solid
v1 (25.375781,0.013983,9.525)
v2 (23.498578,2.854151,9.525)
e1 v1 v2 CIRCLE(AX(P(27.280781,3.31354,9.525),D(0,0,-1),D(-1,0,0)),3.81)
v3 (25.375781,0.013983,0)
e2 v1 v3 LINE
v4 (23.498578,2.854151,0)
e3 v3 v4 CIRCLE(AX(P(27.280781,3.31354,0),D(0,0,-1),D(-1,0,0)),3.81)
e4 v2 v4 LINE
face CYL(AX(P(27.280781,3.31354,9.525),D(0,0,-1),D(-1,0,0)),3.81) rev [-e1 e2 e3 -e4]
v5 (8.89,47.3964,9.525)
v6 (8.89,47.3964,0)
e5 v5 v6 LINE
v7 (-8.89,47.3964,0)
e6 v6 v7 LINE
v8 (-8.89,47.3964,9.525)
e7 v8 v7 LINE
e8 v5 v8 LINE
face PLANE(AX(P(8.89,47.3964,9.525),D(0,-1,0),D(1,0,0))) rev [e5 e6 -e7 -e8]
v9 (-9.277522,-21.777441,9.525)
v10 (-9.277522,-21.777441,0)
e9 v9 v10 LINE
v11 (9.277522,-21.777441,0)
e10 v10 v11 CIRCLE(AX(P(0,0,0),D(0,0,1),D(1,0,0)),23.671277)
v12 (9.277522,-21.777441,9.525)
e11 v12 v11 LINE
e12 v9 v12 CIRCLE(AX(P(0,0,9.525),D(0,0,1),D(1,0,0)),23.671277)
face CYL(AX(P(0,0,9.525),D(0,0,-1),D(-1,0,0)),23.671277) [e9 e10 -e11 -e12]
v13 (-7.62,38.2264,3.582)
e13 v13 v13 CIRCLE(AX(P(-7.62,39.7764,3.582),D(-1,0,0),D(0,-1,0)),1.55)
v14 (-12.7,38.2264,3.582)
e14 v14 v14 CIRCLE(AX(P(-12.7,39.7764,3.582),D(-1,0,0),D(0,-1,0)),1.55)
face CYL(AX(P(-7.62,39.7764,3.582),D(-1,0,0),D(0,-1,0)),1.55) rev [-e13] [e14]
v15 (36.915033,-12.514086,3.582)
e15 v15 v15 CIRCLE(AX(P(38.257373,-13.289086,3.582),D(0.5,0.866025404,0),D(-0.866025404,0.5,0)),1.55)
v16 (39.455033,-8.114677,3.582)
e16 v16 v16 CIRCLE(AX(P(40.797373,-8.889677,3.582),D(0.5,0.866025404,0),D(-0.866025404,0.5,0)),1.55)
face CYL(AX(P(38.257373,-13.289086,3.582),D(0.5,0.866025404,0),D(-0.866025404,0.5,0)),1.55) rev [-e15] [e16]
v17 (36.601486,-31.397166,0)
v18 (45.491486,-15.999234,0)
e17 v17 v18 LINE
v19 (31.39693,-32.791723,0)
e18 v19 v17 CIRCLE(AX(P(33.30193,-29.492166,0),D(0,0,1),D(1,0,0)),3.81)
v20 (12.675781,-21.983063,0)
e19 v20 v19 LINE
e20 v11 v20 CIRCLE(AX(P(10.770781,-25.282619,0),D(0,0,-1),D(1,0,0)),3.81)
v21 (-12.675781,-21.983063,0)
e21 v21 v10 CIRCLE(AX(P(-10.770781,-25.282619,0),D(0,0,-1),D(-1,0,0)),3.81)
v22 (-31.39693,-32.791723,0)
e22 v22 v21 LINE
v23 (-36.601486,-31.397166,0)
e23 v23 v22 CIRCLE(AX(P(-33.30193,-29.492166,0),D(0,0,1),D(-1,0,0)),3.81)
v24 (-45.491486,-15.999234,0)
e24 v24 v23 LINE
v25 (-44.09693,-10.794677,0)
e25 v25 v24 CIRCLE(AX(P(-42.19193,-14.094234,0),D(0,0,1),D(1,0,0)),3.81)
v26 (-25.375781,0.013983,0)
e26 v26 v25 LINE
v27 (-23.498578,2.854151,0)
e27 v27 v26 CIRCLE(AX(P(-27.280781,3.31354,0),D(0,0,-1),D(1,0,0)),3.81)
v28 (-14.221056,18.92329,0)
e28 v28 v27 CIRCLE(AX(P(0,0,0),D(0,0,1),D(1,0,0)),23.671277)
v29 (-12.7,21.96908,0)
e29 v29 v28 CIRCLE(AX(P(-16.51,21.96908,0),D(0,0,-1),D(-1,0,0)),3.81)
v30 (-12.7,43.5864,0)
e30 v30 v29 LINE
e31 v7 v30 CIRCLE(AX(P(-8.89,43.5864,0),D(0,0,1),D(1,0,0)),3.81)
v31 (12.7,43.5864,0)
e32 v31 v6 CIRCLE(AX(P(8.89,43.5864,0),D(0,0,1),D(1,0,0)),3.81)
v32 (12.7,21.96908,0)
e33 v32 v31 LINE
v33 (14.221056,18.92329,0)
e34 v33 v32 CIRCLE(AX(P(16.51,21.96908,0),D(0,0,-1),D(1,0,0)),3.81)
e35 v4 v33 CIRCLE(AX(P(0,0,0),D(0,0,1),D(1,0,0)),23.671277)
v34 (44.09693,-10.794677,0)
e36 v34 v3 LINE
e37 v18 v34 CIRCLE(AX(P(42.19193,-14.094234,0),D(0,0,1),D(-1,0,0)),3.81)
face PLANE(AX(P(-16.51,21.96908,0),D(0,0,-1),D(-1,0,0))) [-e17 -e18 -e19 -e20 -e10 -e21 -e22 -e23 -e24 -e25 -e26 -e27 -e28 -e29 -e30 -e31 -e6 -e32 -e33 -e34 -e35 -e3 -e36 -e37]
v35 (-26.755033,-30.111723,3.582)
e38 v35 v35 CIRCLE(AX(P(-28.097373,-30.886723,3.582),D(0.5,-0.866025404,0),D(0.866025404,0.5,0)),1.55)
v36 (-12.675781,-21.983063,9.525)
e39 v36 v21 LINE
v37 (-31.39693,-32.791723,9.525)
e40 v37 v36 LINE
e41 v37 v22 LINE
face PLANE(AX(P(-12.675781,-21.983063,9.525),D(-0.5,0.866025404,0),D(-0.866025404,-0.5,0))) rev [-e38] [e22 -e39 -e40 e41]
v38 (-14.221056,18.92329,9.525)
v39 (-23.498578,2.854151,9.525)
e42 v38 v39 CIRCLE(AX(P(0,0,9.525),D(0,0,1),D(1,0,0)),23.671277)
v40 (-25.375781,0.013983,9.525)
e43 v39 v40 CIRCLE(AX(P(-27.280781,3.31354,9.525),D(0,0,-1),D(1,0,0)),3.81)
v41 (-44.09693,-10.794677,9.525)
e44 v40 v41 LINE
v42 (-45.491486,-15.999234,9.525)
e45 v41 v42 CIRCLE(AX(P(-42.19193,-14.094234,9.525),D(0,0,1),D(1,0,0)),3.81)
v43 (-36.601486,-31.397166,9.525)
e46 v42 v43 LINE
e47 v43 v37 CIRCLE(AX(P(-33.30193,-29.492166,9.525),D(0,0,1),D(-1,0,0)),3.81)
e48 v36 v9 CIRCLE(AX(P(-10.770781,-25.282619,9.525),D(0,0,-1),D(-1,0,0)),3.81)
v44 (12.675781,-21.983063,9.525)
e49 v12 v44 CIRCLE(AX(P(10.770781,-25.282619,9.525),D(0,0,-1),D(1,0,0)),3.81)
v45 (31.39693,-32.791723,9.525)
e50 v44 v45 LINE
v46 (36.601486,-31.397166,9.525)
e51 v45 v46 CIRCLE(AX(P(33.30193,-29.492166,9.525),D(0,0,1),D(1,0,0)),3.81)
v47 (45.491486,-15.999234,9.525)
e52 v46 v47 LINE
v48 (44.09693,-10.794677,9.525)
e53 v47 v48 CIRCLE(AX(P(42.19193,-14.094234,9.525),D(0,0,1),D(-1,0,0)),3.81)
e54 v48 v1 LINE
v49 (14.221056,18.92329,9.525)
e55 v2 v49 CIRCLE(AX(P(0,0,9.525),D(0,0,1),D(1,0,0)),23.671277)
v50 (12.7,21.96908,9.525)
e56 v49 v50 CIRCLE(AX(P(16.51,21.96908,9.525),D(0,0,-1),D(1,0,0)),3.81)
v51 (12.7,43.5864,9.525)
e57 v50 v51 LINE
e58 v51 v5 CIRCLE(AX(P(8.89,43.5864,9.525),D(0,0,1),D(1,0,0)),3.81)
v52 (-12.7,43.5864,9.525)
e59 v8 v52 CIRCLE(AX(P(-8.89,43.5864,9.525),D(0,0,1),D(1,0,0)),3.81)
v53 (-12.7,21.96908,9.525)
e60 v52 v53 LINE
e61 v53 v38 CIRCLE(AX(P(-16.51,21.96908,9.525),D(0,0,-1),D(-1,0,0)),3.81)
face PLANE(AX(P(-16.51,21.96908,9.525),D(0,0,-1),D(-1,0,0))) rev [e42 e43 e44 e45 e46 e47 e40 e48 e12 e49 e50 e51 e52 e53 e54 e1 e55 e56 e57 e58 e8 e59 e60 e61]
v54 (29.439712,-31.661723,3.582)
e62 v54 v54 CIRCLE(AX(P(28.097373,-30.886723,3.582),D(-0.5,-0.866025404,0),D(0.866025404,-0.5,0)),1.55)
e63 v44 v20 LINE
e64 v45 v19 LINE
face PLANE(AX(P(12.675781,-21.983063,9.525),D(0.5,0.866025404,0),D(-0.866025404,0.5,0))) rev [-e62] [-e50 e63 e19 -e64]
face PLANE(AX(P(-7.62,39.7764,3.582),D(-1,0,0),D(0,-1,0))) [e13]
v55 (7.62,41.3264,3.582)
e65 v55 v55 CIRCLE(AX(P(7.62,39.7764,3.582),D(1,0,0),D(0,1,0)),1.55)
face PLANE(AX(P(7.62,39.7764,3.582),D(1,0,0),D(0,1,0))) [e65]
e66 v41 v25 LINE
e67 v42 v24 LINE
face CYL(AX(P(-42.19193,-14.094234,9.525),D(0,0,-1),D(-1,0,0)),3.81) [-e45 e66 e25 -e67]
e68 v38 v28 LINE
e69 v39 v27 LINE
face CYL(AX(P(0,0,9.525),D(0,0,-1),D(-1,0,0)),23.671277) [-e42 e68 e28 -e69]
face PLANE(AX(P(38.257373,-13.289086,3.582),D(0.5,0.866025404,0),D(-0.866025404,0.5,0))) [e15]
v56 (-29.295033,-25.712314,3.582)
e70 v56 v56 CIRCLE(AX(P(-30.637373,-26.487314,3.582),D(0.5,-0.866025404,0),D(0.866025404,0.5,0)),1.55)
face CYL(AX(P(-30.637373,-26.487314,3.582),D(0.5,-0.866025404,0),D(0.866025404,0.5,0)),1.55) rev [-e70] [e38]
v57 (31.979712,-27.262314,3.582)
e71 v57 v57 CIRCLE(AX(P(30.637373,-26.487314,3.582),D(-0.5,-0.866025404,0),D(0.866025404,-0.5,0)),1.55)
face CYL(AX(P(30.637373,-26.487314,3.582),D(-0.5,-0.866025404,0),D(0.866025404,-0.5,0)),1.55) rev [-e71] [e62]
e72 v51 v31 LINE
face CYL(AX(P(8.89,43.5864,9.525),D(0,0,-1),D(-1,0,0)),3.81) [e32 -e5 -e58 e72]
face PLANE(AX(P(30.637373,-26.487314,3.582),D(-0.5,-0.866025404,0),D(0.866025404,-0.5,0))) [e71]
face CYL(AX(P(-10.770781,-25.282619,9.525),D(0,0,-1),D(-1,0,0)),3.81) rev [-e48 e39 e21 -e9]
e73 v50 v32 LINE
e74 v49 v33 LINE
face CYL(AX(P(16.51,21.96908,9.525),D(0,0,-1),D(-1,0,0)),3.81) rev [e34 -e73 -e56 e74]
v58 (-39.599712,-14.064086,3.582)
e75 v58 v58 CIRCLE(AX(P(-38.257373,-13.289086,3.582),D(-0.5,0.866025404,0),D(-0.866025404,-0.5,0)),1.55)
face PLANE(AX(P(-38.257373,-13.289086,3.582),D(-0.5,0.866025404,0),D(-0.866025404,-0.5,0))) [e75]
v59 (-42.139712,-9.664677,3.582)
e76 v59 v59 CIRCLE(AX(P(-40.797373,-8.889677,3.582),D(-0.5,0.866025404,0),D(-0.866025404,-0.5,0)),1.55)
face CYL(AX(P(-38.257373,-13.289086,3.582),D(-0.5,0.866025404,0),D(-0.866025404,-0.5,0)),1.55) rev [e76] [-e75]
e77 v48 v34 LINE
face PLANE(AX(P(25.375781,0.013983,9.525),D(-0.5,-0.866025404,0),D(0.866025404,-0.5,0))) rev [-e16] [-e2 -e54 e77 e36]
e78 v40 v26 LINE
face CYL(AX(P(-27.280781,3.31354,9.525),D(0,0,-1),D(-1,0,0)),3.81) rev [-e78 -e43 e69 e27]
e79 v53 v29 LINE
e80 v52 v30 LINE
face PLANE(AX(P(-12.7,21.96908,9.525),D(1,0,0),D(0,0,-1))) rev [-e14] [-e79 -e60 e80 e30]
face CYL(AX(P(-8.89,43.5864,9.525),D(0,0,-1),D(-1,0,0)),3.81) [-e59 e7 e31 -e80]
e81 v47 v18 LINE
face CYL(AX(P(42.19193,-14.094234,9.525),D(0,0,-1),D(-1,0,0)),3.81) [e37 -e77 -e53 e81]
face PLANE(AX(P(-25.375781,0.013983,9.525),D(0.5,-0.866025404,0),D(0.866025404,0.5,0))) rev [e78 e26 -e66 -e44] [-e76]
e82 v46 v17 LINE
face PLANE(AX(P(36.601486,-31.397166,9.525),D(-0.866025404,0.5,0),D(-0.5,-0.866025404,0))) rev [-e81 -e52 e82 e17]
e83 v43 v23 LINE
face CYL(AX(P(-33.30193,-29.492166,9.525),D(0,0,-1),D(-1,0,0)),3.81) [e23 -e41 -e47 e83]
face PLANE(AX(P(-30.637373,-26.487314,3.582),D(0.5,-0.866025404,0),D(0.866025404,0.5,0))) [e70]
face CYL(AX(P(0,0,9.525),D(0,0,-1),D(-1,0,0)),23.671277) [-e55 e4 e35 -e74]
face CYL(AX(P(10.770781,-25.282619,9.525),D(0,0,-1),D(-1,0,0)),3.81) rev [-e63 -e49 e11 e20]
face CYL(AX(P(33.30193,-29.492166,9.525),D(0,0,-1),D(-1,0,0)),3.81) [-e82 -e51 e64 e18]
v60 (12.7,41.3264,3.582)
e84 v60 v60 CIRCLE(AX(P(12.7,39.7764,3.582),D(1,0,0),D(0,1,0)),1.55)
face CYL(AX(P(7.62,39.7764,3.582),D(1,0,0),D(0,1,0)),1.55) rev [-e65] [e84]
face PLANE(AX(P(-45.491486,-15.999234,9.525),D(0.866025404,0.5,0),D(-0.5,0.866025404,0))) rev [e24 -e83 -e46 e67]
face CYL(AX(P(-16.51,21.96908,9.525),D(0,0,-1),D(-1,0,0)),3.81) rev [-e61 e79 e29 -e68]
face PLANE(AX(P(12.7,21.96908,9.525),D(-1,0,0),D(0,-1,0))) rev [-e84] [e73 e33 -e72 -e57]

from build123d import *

# Parameters (mm, degrees)
BOSS_EXTRUDE1_DEPTH = 9.525
SKETCH3_R           = 1.55
CUT_EXTRUDE2_DEPTH  = 5.08
CUT_EXTRUDE3_START  = -5.08
SKETCH4_R           = 1.55
CUT_EXTRUDE3_DEPTH  = 5.08
CIRPATTERN2_COUNT   = 3


with BuildPart() as part:
    # Sketch1 → Boss-Extrude1 (new body)
    with BuildSketch(Plane.XY):
        with BuildLine():
            Line((12.7, 21.969079793), (12.7, 43.5864))
            ThreePointArc((12.7, 43.5864), (11.584076836, 46.280476836), (8.89, 47.3964))
            Line((8.89, 47.3964), (-8.89, 47.3964))
            ThreePointArc((-8.89, 47.3964), (-11.584076836, 46.280476836), (-12.7, 43.5864))
            Line((-12.7, 43.5864), (-12.7, 21.969079793))
            ThreePointArc((-12.7, 21.969079793), (-13.101409662, 20.266842468), (-14.221056121, 18.923289925))
            ThreePointArc((-14.221056121, 18.923289925), (-20.499926929, 11.835638331), (-23.498577859, 2.854150907))
            ThreePointArc((-23.498577859, 2.854150907), (-24.102305263, 1.212732359), (-25.375781199, 0.013982731))
            Line((-25.375781199, 0.013982731), (-44.09692966, -10.794677372))
            ThreePointArc((-44.09692966, -10.794677372), (-45.872107058, -13.108133599), (-45.491486448, -15.99923416))
            Line((-45.491486448, -15.99923416), (-36.601486448, -31.39716584))
            ThreePointArc((-36.601486448, -31.39716584), (-34.288030221, -33.172343238), (-31.39692966, -32.791722628))
            Line((-31.39692966, -32.791722628), (-12.675781199, -21.983062525))
            ThreePointArc((-12.675781199, -21.983062525), (-11.000895601, -21.479574827), (-9.277521738, -21.777440832))
            ThreePointArc((-9.277521738, -21.777440832), (0, -23.671276662), (9.277521738, -21.777440832))
            ThreePointArc((9.277521738, -21.777440832), (11.000895601, -21.479574827), (12.675781199, -21.983062525))
            Line((12.675781199, -21.983062525), (31.39692966, -32.791722628))
            ThreePointArc((31.39692966, -32.791722628), (34.288030221, -33.172343238), (36.601486448, -31.39716584))
            Line((36.601486448, -31.39716584), (45.491486448, -15.99923416))
            ThreePointArc((45.491486448, -15.99923416), (45.872107058, -13.108133599), (44.09692966, -10.794677372))
            Line((44.09692966, -10.794677372), (25.375781199, 0.013982731))
            ThreePointArc((25.375781199, 0.013982731), (24.102305263, 1.212732359), (23.498577859, 2.854150907))
            ThreePointArc((23.498577859, 2.854150907), (20.499926929, 11.835638331), (14.221056121, 18.923289925))
            ThreePointArc((14.221056121, 18.923289925), (13.101409662, 20.266842468), (12.7, 21.969079793))
        make_face()
    extrude(amount=BOSS_EXTRUDE1_DEPTH)

    # Sketch3 → Cut-Extrude2 (cut)
    with BuildSketch(Plane(origin=(-6.35, -10.998522628, 0), x_dir=(0.8660254037844575, -0.4999999999999674, 0), z_dir=(-0.4999999999999675, -0.8660254037844576, 0))):
        with Locations((39.7764, 3.582)):
            Circle(SKETCH3_R)
    cut_extrude2 = extrude(amount=-CUT_EXTRUDE2_DEPTH, mode=Mode.SUBTRACT)

    # Sketch4 → Cut-Extrude3 (cut)
    with BuildSketch(Plane(origin=(6.35, 10.998522628, 0), x_dir=(0.8660254037844387, -0.49999999999999983, 0), z_dir=(0.49999999999999983, 0.8660254037844387, 0)).offset(CUT_EXTRUDE3_START)):
        with Locations((39.7764, -3.582)):
            Circle(SKETCH4_R)
    cut_extrude3 = extrude(amount=CUT_EXTRUDE3_DEPTH, mode=Mode.SUBTRACT)

    # CirPattern2: Cut-Extrude2, Cut-Extrude3 ×3 about axis
    cirpattern2_axis = Axis((0, 0, 0), (0, 0, -1))
    add([cut_extrude2.rotate(cirpattern2_axis, i * 360 / CIRPATTERN2_COUNT) for i in range(1, CIRPATTERN2_COUNT)], mode=Mode.SUBTRACT)
    add([cut_extrude3.rotate(cirpattern2_axis, i * 360 / CIRPATTERN2_COUNT) for i in range(1, CIRPATTERN2_COUNT)], mode=Mode.SUBTRACT)


solid = part.part
